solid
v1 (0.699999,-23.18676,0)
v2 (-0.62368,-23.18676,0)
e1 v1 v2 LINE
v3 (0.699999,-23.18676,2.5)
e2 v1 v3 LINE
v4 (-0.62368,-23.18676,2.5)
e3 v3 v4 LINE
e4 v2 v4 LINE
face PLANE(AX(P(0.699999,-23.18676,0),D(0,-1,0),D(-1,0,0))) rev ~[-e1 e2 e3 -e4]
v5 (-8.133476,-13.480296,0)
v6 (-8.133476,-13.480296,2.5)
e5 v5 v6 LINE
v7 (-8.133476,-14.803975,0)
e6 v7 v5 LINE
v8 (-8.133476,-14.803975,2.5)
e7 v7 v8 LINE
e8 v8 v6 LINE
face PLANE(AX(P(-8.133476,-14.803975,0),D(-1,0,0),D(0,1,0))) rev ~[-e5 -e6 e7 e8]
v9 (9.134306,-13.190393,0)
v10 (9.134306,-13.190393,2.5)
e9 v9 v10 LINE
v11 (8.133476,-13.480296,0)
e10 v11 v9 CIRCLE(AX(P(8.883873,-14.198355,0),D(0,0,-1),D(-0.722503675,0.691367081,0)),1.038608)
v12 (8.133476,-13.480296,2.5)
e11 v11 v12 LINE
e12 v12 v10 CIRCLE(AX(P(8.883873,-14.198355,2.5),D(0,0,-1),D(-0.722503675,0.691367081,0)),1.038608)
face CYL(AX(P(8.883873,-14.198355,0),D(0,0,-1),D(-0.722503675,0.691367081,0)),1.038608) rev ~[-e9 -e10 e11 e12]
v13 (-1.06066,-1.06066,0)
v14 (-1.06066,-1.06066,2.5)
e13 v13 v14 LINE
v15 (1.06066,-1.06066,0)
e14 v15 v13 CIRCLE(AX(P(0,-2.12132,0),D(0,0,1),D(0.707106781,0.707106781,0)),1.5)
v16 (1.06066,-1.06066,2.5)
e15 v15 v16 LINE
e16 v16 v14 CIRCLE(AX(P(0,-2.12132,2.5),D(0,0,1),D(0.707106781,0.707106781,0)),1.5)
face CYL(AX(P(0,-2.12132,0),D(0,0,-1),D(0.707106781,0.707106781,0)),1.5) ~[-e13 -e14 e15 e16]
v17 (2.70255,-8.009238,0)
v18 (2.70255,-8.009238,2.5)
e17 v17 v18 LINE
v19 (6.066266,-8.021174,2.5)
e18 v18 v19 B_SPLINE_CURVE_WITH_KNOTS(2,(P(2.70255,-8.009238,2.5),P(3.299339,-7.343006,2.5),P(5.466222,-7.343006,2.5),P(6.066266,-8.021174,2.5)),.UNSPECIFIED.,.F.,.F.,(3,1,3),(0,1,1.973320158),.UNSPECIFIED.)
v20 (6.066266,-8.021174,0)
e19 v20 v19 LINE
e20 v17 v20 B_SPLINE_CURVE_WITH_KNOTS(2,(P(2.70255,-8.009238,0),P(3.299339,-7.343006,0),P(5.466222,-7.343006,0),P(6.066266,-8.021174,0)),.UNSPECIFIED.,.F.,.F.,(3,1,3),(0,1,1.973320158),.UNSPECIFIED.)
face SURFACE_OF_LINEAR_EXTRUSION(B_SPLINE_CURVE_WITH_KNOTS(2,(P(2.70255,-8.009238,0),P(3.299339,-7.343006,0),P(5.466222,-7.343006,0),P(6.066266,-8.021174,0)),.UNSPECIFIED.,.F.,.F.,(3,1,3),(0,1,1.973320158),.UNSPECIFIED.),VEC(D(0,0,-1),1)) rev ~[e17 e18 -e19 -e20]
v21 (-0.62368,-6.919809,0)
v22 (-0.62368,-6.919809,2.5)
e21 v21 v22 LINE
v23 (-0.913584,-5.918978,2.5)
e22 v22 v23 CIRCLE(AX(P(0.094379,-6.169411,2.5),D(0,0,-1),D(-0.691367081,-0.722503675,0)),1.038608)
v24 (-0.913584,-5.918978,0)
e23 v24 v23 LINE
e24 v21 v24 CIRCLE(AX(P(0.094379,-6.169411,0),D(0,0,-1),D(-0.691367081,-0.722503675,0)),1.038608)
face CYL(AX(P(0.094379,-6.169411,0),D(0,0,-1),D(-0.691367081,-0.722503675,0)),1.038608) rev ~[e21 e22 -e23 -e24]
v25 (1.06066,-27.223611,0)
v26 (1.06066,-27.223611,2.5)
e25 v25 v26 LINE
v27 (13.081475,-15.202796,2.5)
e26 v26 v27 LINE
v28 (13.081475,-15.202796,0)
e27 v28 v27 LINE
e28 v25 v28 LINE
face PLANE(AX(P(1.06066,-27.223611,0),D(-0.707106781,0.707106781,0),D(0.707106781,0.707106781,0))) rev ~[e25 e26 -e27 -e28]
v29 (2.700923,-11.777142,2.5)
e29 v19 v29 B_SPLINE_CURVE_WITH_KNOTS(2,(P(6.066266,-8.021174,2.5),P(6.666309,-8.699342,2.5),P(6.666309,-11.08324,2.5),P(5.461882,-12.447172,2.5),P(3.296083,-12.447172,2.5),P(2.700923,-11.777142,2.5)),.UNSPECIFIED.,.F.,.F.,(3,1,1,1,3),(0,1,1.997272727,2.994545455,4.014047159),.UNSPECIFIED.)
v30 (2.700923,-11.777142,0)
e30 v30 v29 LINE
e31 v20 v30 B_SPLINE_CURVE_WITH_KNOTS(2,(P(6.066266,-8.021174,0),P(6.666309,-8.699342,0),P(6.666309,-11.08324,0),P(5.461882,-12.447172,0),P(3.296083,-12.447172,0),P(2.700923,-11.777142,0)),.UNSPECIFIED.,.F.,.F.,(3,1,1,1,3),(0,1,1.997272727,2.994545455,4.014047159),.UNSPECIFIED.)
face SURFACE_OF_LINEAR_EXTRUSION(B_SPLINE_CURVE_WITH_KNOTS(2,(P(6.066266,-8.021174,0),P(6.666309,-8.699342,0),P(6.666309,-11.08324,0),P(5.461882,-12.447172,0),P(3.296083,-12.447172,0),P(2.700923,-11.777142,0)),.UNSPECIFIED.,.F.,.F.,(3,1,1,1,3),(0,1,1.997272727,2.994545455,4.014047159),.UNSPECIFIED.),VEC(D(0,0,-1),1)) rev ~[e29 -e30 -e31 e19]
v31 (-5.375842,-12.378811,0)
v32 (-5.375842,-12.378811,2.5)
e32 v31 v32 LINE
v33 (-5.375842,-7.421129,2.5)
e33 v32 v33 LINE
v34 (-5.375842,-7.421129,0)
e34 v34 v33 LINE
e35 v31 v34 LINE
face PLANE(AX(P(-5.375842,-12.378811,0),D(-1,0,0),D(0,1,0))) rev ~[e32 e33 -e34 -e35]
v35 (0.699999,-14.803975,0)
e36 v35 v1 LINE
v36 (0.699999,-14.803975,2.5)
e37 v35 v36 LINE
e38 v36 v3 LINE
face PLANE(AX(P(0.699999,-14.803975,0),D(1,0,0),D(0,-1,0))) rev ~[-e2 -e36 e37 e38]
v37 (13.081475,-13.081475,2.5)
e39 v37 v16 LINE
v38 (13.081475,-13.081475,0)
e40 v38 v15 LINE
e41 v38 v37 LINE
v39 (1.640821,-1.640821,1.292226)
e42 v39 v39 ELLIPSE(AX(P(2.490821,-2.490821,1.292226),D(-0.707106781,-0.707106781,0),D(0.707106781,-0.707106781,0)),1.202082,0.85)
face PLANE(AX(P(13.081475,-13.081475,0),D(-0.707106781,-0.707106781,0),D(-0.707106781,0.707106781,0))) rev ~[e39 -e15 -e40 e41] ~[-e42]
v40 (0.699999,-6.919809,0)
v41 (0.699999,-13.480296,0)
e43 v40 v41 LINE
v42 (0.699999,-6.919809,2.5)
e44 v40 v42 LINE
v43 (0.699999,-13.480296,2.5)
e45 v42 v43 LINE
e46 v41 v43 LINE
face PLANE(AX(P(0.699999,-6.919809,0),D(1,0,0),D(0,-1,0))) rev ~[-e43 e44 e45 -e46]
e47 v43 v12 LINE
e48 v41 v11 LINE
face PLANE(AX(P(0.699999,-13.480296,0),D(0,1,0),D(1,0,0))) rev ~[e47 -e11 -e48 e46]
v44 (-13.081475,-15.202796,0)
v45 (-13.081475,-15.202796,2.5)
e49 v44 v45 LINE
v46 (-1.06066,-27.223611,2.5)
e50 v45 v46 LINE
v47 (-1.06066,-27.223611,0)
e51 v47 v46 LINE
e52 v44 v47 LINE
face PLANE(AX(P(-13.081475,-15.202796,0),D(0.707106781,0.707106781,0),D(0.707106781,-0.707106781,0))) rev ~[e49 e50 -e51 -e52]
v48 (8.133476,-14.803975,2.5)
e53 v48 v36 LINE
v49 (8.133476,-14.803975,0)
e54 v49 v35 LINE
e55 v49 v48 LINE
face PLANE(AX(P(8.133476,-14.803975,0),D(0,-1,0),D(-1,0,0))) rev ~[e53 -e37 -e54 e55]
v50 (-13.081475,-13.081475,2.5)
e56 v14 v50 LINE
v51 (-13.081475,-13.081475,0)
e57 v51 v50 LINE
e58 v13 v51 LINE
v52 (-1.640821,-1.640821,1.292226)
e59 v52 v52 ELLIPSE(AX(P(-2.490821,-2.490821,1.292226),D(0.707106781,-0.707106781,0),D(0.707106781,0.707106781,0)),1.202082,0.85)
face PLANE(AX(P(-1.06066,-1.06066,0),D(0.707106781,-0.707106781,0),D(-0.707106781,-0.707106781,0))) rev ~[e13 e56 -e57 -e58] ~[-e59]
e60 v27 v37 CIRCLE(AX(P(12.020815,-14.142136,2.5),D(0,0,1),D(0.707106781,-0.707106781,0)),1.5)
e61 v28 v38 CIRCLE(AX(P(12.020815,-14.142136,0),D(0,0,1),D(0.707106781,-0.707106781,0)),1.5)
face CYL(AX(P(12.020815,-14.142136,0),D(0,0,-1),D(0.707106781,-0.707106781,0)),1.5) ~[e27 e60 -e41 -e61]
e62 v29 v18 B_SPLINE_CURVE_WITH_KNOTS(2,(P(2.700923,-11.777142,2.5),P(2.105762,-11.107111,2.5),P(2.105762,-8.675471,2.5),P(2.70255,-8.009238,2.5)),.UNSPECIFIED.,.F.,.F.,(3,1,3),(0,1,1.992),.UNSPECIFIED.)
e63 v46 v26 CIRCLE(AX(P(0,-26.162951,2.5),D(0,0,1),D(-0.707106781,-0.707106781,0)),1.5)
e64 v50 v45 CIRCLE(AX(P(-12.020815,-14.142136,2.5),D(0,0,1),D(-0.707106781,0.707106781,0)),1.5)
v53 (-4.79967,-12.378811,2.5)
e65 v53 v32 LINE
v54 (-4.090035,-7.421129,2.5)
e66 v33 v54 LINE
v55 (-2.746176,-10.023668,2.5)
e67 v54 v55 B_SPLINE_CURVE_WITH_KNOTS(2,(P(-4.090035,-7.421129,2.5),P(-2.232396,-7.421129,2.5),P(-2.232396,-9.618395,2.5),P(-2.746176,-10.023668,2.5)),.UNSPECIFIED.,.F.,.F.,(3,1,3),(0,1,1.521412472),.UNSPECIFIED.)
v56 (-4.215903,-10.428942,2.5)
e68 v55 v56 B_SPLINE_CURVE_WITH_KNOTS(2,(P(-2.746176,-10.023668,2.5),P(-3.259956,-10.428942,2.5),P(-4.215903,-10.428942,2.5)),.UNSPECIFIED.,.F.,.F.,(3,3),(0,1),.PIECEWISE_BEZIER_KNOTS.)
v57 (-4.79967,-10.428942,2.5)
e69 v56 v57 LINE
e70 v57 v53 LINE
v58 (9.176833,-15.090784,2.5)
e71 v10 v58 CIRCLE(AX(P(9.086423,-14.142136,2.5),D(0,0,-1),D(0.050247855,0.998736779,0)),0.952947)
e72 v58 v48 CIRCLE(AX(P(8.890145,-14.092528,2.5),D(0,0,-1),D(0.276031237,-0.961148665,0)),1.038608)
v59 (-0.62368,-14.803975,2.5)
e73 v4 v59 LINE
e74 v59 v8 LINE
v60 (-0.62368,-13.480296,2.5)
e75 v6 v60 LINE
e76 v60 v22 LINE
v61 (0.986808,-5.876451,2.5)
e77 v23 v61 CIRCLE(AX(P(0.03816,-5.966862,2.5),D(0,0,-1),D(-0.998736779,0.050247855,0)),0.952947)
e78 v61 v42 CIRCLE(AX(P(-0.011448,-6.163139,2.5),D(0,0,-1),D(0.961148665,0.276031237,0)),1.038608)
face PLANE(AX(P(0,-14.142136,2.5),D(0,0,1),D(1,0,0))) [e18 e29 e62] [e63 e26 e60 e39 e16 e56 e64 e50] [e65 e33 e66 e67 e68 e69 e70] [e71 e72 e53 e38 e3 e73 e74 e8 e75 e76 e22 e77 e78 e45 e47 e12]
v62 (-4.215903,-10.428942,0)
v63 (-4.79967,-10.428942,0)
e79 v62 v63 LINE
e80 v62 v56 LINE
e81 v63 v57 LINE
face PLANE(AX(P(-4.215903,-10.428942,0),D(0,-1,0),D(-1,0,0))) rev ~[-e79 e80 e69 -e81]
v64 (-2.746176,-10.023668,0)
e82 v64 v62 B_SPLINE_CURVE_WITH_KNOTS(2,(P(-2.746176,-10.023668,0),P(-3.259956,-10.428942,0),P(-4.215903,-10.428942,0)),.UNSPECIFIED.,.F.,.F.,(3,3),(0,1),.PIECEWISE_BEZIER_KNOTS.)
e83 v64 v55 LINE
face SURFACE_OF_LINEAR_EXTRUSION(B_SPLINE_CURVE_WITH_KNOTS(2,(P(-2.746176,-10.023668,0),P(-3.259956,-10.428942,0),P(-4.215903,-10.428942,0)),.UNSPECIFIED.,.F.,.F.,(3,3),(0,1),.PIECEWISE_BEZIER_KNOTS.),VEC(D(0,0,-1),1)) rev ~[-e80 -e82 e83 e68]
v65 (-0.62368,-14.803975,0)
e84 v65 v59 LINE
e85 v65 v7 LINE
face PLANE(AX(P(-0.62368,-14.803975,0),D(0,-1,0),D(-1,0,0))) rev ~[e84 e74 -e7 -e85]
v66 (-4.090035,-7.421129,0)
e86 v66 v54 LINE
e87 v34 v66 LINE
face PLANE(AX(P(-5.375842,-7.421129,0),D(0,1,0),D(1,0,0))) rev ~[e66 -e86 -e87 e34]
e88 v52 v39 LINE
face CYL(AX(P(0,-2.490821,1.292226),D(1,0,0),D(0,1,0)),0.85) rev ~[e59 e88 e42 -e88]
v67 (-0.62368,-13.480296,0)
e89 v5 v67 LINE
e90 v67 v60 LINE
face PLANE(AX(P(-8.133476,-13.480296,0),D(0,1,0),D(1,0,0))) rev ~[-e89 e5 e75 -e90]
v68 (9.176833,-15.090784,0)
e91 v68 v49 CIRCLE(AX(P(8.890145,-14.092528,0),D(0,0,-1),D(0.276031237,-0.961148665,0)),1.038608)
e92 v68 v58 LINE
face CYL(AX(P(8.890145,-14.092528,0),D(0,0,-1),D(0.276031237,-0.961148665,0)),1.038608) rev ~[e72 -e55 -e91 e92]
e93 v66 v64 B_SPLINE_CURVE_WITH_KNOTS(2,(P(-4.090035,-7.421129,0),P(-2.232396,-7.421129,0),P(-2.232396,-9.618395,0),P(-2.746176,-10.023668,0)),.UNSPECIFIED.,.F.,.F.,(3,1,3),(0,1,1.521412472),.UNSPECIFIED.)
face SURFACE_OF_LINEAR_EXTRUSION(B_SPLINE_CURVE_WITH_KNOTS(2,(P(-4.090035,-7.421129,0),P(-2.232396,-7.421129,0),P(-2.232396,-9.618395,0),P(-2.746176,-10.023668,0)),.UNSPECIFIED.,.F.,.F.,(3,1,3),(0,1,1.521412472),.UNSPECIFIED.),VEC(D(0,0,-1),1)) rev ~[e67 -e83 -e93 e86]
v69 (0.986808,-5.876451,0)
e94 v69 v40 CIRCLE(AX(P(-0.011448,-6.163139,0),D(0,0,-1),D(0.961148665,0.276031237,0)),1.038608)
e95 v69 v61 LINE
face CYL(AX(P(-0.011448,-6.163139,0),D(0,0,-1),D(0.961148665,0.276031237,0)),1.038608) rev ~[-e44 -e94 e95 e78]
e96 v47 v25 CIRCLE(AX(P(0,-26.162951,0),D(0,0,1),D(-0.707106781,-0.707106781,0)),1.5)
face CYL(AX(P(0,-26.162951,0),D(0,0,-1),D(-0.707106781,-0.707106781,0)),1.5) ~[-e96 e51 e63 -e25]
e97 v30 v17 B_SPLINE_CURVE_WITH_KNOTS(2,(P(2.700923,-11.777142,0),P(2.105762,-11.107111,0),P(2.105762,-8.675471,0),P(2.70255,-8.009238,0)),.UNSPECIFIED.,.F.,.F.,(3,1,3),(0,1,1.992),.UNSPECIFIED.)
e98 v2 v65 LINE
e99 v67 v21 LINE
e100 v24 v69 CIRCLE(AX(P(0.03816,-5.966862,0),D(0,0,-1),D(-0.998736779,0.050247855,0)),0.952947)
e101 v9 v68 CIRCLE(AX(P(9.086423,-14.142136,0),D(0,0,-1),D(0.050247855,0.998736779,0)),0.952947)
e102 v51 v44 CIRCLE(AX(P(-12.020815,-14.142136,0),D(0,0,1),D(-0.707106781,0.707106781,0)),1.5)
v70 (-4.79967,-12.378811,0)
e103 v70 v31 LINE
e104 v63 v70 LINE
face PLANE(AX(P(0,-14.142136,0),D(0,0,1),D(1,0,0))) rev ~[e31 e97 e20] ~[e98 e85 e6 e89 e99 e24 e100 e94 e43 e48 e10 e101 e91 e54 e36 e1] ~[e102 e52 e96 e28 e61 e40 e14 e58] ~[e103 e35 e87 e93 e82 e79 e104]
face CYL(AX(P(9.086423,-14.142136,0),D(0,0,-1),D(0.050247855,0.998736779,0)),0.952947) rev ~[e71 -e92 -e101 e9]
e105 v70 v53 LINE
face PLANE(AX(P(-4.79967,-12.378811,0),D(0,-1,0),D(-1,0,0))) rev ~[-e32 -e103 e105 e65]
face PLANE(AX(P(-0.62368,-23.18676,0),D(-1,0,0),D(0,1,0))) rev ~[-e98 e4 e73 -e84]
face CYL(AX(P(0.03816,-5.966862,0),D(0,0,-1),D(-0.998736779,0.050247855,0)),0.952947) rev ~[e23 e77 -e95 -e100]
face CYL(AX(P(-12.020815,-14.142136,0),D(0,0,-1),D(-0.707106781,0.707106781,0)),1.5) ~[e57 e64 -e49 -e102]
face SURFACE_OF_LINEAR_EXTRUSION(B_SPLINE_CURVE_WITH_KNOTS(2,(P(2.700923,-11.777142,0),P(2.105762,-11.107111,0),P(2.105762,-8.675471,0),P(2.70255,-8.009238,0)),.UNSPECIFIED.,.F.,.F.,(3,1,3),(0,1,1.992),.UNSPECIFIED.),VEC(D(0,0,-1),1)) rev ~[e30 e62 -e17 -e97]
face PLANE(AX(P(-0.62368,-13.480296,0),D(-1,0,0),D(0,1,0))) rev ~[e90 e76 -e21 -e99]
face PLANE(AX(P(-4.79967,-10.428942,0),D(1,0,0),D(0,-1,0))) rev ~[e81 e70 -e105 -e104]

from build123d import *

# Parameters (mm, degrees)
F1_DEPTH = 2.5
F2_R     = 0.85
F3_DEPTH = 12.5


with BuildPart() as f1:
    # F0 (on Top) → F1 (new body)
    with BuildSketch(Plane.XY):
        with BuildLine():
            Line((13.081475452, -13.081475452), (1.0606601718, -1.0606601718))
            ThreePointArc((1.0606601718, -1.0606601718), (0, -0.6213203436), (-1.0606601718, -1.0606601718))
            Line((-1.0606601718, -1.0606601718), (-13.081475452, -13.081475452))
            ThreePointArc((-13.081475452, -13.081475452), (-13.5208152802, -14.1421356237), (-13.081475452, -15.2027957955))
            Line((-13.081475452, -15.2027957955), (-1.0606601718, -27.2236110757))
            ThreePointArc((-1.0606601718, -27.2236110757), (0, -27.6629509039), (1.0606601718, -27.2236110757))
            Line((1.0606601718, -27.2236110757), (13.081475452, -15.2027957955))
            ThreePointArc((13.081475452, -15.2027957955), (13.5208152802, -14.1421356237), (13.081475452, -13.081475452))
        make_face()
        with BuildLine():
            add(Edge.make_bspline(
                [(-4.0900345447, -7.4211291907), (-2.2323956558, -7.4211291907), (-2.2323956558, -8.8653566212)],
                knots=[0, 0, 0, 1, 1, 1], degree=2))
            add(Edge.make_bspline(
                [(-2.2323956558, -8.8653566212), (-2.2323956558, -9.6183948157), (-2.7461760377, -10.0236682532)],
                knots=[0, 0, 0, 1, 1, 1], degree=2))
            add(Edge.make_bspline(
                [(-2.7461760377, -10.0236682532), (-3.2599564197, -10.4289416907), (-4.2159026002, -10.4289416907)],
                knots=[0, 0, 0, 1, 1, 1], degree=2))
            Line((-4.2159026002, -10.4289416907), (-4.7996699613, -10.4289416907))
            Line((-4.7996699613, -10.4289416907), (-4.7996699613, -12.3788114823))
            Line((-4.7996699613, -12.3788114823), (-5.3758418363, -12.3788114823))
            Line((-5.3758418363, -12.3788114823), (-5.3758418363, -7.4211291907))
            Line((-5.3758418363, -7.4211291907), (-4.0900345447, -7.4211291907))
        make_face(mode=Mode.SUBTRACT)
        with BuildLine():
            Line((-8.1334756687, -14.8039748892), (-8.1334756687, -13.4802963582))
            Line((-8.1334756687, -13.4802963582), (-0.6236797201, -13.4802963582))
            Line((-0.6236797201, -13.4802963582), (-0.6236797201, -6.9198086858))
            ThreePointArc((-0.6236797201, -6.9198086858), (-0.9032194318, -6.4583786209), (-0.9135835525, -5.9189782686))
            ThreePointArc((-0.9135835525, -5.9189782686), (0.0168397474, -5.0141534426), (0.9868078824, -5.876451129))
            ThreePointArc((0.9868078824, -5.876451129), (0.9900106564, -6.4384308628), (0.6999988109, -6.9198086858))
            Line((0.6999988109, -6.9198086858), (0.6999988109, -13.4802963582))
            Line((0.6999988109, -13.4802963582), (8.1334756687, -13.4802963582))
            ThreePointArc((8.1334756687, -13.4802963582), (8.5949057336, -13.2007566465), (9.134306086, -13.1903925258))
            ThreePointArc((9.134306086, -13.1903925258), (10.0391309119, -14.1208158258), (9.1768332255, -15.0907839607))
            ThreePointArc((9.1768332255, -15.0907839607), (8.6148534917, -15.0939867347), (8.1334756687, -14.8039748892))
            Line((8.1334756687, -14.8039748892), (0.6999988109, -14.8039748892))
            Line((0.6999988109, -14.8039748892), (0.6999988109, -23.1867600232))
            Line((0.6999988109, -23.1867600232), (-0.6236797201, -23.1867600232))
            Line((-0.6236797201, -23.1867600232), (-0.6236797201, -14.8039748892))
            Line((-0.6236797201, -14.8039748892), (-8.1334756687, -14.8039748892))
        make_face(mode=Mode.SUBTRACT)
        with BuildLine():
            add(Edge.make_bspline(
                [(6.0662657395, -8.0211739904), (6.6663091423, -8.6993423932), (6.6663091423, -9.8929187821)],
                knots=[0, 0, 0, 1, 1, 1], degree=2))
            add(Edge.make_bspline(
                [(6.6663091423, -9.8929187821), (6.6663091423, -11.0832399627), (6.0640956006, -11.7652061085)],
                knots=[0, 0, 0, 1, 1, 1], degree=2))
            add(Edge.make_bspline(
                [(6.0640956006, -11.7652061085), (5.4618820589, -12.4471722543), (4.3909185173, -12.4471722543)],
                knots=[0, 0, 0, 1, 1, 1], degree=2))
            add(Edge.make_bspline(
                [(4.3909185173, -12.4471722543), (3.2960834478, -12.4471722543), (2.7009228576, -11.7771418724)],
                knots=[0, 0, 0, 1, 1, 1], degree=2))
            add(Edge.make_bspline(
                [(2.7009228576, -11.7771418724), (2.1057622673, -11.1071114904), (2.1057622673, -9.8864083654)],
                knots=[0, 0, 0, 1, 1, 1], degree=2))
            add(Edge.make_bspline(
                [(2.1057622673, -9.8864083654), (2.1057622673, -8.6754708654), (2.7025504617, -8.0092382265)],
                knots=[0, 0, 0, 1, 1, 1], degree=2))
            add(Edge.make_bspline(
                [(2.7025504617, -8.0092382265), (3.2993386562, -7.3430055877), (4.3974289339, -7.3430055877)],
                knots=[0, 0, 0, 1, 1, 1], degree=2))
            add(Edge.make_bspline(
                [(4.3974289339, -7.3430055877), (5.4662223367, -7.3430055877), (6.0662657395, -8.0211739904)],
                knots=[0, 0, 0, 1, 1, 1], degree=2))
        make_face(mode=Mode.SUBTRACT)
    extrude(amount=F1_DEPTH)

    # F2 (on Right) → F3 (cut, symmetric)
    with BuildSketch(Plane.YZ):
        with Locations((-2.4908210296, 1.292226194)):
            Circle(F2_R)
    extrude(amount=F3_DEPTH, both=True, mode=Mode.SUBTRACT)


solid = f1.part
